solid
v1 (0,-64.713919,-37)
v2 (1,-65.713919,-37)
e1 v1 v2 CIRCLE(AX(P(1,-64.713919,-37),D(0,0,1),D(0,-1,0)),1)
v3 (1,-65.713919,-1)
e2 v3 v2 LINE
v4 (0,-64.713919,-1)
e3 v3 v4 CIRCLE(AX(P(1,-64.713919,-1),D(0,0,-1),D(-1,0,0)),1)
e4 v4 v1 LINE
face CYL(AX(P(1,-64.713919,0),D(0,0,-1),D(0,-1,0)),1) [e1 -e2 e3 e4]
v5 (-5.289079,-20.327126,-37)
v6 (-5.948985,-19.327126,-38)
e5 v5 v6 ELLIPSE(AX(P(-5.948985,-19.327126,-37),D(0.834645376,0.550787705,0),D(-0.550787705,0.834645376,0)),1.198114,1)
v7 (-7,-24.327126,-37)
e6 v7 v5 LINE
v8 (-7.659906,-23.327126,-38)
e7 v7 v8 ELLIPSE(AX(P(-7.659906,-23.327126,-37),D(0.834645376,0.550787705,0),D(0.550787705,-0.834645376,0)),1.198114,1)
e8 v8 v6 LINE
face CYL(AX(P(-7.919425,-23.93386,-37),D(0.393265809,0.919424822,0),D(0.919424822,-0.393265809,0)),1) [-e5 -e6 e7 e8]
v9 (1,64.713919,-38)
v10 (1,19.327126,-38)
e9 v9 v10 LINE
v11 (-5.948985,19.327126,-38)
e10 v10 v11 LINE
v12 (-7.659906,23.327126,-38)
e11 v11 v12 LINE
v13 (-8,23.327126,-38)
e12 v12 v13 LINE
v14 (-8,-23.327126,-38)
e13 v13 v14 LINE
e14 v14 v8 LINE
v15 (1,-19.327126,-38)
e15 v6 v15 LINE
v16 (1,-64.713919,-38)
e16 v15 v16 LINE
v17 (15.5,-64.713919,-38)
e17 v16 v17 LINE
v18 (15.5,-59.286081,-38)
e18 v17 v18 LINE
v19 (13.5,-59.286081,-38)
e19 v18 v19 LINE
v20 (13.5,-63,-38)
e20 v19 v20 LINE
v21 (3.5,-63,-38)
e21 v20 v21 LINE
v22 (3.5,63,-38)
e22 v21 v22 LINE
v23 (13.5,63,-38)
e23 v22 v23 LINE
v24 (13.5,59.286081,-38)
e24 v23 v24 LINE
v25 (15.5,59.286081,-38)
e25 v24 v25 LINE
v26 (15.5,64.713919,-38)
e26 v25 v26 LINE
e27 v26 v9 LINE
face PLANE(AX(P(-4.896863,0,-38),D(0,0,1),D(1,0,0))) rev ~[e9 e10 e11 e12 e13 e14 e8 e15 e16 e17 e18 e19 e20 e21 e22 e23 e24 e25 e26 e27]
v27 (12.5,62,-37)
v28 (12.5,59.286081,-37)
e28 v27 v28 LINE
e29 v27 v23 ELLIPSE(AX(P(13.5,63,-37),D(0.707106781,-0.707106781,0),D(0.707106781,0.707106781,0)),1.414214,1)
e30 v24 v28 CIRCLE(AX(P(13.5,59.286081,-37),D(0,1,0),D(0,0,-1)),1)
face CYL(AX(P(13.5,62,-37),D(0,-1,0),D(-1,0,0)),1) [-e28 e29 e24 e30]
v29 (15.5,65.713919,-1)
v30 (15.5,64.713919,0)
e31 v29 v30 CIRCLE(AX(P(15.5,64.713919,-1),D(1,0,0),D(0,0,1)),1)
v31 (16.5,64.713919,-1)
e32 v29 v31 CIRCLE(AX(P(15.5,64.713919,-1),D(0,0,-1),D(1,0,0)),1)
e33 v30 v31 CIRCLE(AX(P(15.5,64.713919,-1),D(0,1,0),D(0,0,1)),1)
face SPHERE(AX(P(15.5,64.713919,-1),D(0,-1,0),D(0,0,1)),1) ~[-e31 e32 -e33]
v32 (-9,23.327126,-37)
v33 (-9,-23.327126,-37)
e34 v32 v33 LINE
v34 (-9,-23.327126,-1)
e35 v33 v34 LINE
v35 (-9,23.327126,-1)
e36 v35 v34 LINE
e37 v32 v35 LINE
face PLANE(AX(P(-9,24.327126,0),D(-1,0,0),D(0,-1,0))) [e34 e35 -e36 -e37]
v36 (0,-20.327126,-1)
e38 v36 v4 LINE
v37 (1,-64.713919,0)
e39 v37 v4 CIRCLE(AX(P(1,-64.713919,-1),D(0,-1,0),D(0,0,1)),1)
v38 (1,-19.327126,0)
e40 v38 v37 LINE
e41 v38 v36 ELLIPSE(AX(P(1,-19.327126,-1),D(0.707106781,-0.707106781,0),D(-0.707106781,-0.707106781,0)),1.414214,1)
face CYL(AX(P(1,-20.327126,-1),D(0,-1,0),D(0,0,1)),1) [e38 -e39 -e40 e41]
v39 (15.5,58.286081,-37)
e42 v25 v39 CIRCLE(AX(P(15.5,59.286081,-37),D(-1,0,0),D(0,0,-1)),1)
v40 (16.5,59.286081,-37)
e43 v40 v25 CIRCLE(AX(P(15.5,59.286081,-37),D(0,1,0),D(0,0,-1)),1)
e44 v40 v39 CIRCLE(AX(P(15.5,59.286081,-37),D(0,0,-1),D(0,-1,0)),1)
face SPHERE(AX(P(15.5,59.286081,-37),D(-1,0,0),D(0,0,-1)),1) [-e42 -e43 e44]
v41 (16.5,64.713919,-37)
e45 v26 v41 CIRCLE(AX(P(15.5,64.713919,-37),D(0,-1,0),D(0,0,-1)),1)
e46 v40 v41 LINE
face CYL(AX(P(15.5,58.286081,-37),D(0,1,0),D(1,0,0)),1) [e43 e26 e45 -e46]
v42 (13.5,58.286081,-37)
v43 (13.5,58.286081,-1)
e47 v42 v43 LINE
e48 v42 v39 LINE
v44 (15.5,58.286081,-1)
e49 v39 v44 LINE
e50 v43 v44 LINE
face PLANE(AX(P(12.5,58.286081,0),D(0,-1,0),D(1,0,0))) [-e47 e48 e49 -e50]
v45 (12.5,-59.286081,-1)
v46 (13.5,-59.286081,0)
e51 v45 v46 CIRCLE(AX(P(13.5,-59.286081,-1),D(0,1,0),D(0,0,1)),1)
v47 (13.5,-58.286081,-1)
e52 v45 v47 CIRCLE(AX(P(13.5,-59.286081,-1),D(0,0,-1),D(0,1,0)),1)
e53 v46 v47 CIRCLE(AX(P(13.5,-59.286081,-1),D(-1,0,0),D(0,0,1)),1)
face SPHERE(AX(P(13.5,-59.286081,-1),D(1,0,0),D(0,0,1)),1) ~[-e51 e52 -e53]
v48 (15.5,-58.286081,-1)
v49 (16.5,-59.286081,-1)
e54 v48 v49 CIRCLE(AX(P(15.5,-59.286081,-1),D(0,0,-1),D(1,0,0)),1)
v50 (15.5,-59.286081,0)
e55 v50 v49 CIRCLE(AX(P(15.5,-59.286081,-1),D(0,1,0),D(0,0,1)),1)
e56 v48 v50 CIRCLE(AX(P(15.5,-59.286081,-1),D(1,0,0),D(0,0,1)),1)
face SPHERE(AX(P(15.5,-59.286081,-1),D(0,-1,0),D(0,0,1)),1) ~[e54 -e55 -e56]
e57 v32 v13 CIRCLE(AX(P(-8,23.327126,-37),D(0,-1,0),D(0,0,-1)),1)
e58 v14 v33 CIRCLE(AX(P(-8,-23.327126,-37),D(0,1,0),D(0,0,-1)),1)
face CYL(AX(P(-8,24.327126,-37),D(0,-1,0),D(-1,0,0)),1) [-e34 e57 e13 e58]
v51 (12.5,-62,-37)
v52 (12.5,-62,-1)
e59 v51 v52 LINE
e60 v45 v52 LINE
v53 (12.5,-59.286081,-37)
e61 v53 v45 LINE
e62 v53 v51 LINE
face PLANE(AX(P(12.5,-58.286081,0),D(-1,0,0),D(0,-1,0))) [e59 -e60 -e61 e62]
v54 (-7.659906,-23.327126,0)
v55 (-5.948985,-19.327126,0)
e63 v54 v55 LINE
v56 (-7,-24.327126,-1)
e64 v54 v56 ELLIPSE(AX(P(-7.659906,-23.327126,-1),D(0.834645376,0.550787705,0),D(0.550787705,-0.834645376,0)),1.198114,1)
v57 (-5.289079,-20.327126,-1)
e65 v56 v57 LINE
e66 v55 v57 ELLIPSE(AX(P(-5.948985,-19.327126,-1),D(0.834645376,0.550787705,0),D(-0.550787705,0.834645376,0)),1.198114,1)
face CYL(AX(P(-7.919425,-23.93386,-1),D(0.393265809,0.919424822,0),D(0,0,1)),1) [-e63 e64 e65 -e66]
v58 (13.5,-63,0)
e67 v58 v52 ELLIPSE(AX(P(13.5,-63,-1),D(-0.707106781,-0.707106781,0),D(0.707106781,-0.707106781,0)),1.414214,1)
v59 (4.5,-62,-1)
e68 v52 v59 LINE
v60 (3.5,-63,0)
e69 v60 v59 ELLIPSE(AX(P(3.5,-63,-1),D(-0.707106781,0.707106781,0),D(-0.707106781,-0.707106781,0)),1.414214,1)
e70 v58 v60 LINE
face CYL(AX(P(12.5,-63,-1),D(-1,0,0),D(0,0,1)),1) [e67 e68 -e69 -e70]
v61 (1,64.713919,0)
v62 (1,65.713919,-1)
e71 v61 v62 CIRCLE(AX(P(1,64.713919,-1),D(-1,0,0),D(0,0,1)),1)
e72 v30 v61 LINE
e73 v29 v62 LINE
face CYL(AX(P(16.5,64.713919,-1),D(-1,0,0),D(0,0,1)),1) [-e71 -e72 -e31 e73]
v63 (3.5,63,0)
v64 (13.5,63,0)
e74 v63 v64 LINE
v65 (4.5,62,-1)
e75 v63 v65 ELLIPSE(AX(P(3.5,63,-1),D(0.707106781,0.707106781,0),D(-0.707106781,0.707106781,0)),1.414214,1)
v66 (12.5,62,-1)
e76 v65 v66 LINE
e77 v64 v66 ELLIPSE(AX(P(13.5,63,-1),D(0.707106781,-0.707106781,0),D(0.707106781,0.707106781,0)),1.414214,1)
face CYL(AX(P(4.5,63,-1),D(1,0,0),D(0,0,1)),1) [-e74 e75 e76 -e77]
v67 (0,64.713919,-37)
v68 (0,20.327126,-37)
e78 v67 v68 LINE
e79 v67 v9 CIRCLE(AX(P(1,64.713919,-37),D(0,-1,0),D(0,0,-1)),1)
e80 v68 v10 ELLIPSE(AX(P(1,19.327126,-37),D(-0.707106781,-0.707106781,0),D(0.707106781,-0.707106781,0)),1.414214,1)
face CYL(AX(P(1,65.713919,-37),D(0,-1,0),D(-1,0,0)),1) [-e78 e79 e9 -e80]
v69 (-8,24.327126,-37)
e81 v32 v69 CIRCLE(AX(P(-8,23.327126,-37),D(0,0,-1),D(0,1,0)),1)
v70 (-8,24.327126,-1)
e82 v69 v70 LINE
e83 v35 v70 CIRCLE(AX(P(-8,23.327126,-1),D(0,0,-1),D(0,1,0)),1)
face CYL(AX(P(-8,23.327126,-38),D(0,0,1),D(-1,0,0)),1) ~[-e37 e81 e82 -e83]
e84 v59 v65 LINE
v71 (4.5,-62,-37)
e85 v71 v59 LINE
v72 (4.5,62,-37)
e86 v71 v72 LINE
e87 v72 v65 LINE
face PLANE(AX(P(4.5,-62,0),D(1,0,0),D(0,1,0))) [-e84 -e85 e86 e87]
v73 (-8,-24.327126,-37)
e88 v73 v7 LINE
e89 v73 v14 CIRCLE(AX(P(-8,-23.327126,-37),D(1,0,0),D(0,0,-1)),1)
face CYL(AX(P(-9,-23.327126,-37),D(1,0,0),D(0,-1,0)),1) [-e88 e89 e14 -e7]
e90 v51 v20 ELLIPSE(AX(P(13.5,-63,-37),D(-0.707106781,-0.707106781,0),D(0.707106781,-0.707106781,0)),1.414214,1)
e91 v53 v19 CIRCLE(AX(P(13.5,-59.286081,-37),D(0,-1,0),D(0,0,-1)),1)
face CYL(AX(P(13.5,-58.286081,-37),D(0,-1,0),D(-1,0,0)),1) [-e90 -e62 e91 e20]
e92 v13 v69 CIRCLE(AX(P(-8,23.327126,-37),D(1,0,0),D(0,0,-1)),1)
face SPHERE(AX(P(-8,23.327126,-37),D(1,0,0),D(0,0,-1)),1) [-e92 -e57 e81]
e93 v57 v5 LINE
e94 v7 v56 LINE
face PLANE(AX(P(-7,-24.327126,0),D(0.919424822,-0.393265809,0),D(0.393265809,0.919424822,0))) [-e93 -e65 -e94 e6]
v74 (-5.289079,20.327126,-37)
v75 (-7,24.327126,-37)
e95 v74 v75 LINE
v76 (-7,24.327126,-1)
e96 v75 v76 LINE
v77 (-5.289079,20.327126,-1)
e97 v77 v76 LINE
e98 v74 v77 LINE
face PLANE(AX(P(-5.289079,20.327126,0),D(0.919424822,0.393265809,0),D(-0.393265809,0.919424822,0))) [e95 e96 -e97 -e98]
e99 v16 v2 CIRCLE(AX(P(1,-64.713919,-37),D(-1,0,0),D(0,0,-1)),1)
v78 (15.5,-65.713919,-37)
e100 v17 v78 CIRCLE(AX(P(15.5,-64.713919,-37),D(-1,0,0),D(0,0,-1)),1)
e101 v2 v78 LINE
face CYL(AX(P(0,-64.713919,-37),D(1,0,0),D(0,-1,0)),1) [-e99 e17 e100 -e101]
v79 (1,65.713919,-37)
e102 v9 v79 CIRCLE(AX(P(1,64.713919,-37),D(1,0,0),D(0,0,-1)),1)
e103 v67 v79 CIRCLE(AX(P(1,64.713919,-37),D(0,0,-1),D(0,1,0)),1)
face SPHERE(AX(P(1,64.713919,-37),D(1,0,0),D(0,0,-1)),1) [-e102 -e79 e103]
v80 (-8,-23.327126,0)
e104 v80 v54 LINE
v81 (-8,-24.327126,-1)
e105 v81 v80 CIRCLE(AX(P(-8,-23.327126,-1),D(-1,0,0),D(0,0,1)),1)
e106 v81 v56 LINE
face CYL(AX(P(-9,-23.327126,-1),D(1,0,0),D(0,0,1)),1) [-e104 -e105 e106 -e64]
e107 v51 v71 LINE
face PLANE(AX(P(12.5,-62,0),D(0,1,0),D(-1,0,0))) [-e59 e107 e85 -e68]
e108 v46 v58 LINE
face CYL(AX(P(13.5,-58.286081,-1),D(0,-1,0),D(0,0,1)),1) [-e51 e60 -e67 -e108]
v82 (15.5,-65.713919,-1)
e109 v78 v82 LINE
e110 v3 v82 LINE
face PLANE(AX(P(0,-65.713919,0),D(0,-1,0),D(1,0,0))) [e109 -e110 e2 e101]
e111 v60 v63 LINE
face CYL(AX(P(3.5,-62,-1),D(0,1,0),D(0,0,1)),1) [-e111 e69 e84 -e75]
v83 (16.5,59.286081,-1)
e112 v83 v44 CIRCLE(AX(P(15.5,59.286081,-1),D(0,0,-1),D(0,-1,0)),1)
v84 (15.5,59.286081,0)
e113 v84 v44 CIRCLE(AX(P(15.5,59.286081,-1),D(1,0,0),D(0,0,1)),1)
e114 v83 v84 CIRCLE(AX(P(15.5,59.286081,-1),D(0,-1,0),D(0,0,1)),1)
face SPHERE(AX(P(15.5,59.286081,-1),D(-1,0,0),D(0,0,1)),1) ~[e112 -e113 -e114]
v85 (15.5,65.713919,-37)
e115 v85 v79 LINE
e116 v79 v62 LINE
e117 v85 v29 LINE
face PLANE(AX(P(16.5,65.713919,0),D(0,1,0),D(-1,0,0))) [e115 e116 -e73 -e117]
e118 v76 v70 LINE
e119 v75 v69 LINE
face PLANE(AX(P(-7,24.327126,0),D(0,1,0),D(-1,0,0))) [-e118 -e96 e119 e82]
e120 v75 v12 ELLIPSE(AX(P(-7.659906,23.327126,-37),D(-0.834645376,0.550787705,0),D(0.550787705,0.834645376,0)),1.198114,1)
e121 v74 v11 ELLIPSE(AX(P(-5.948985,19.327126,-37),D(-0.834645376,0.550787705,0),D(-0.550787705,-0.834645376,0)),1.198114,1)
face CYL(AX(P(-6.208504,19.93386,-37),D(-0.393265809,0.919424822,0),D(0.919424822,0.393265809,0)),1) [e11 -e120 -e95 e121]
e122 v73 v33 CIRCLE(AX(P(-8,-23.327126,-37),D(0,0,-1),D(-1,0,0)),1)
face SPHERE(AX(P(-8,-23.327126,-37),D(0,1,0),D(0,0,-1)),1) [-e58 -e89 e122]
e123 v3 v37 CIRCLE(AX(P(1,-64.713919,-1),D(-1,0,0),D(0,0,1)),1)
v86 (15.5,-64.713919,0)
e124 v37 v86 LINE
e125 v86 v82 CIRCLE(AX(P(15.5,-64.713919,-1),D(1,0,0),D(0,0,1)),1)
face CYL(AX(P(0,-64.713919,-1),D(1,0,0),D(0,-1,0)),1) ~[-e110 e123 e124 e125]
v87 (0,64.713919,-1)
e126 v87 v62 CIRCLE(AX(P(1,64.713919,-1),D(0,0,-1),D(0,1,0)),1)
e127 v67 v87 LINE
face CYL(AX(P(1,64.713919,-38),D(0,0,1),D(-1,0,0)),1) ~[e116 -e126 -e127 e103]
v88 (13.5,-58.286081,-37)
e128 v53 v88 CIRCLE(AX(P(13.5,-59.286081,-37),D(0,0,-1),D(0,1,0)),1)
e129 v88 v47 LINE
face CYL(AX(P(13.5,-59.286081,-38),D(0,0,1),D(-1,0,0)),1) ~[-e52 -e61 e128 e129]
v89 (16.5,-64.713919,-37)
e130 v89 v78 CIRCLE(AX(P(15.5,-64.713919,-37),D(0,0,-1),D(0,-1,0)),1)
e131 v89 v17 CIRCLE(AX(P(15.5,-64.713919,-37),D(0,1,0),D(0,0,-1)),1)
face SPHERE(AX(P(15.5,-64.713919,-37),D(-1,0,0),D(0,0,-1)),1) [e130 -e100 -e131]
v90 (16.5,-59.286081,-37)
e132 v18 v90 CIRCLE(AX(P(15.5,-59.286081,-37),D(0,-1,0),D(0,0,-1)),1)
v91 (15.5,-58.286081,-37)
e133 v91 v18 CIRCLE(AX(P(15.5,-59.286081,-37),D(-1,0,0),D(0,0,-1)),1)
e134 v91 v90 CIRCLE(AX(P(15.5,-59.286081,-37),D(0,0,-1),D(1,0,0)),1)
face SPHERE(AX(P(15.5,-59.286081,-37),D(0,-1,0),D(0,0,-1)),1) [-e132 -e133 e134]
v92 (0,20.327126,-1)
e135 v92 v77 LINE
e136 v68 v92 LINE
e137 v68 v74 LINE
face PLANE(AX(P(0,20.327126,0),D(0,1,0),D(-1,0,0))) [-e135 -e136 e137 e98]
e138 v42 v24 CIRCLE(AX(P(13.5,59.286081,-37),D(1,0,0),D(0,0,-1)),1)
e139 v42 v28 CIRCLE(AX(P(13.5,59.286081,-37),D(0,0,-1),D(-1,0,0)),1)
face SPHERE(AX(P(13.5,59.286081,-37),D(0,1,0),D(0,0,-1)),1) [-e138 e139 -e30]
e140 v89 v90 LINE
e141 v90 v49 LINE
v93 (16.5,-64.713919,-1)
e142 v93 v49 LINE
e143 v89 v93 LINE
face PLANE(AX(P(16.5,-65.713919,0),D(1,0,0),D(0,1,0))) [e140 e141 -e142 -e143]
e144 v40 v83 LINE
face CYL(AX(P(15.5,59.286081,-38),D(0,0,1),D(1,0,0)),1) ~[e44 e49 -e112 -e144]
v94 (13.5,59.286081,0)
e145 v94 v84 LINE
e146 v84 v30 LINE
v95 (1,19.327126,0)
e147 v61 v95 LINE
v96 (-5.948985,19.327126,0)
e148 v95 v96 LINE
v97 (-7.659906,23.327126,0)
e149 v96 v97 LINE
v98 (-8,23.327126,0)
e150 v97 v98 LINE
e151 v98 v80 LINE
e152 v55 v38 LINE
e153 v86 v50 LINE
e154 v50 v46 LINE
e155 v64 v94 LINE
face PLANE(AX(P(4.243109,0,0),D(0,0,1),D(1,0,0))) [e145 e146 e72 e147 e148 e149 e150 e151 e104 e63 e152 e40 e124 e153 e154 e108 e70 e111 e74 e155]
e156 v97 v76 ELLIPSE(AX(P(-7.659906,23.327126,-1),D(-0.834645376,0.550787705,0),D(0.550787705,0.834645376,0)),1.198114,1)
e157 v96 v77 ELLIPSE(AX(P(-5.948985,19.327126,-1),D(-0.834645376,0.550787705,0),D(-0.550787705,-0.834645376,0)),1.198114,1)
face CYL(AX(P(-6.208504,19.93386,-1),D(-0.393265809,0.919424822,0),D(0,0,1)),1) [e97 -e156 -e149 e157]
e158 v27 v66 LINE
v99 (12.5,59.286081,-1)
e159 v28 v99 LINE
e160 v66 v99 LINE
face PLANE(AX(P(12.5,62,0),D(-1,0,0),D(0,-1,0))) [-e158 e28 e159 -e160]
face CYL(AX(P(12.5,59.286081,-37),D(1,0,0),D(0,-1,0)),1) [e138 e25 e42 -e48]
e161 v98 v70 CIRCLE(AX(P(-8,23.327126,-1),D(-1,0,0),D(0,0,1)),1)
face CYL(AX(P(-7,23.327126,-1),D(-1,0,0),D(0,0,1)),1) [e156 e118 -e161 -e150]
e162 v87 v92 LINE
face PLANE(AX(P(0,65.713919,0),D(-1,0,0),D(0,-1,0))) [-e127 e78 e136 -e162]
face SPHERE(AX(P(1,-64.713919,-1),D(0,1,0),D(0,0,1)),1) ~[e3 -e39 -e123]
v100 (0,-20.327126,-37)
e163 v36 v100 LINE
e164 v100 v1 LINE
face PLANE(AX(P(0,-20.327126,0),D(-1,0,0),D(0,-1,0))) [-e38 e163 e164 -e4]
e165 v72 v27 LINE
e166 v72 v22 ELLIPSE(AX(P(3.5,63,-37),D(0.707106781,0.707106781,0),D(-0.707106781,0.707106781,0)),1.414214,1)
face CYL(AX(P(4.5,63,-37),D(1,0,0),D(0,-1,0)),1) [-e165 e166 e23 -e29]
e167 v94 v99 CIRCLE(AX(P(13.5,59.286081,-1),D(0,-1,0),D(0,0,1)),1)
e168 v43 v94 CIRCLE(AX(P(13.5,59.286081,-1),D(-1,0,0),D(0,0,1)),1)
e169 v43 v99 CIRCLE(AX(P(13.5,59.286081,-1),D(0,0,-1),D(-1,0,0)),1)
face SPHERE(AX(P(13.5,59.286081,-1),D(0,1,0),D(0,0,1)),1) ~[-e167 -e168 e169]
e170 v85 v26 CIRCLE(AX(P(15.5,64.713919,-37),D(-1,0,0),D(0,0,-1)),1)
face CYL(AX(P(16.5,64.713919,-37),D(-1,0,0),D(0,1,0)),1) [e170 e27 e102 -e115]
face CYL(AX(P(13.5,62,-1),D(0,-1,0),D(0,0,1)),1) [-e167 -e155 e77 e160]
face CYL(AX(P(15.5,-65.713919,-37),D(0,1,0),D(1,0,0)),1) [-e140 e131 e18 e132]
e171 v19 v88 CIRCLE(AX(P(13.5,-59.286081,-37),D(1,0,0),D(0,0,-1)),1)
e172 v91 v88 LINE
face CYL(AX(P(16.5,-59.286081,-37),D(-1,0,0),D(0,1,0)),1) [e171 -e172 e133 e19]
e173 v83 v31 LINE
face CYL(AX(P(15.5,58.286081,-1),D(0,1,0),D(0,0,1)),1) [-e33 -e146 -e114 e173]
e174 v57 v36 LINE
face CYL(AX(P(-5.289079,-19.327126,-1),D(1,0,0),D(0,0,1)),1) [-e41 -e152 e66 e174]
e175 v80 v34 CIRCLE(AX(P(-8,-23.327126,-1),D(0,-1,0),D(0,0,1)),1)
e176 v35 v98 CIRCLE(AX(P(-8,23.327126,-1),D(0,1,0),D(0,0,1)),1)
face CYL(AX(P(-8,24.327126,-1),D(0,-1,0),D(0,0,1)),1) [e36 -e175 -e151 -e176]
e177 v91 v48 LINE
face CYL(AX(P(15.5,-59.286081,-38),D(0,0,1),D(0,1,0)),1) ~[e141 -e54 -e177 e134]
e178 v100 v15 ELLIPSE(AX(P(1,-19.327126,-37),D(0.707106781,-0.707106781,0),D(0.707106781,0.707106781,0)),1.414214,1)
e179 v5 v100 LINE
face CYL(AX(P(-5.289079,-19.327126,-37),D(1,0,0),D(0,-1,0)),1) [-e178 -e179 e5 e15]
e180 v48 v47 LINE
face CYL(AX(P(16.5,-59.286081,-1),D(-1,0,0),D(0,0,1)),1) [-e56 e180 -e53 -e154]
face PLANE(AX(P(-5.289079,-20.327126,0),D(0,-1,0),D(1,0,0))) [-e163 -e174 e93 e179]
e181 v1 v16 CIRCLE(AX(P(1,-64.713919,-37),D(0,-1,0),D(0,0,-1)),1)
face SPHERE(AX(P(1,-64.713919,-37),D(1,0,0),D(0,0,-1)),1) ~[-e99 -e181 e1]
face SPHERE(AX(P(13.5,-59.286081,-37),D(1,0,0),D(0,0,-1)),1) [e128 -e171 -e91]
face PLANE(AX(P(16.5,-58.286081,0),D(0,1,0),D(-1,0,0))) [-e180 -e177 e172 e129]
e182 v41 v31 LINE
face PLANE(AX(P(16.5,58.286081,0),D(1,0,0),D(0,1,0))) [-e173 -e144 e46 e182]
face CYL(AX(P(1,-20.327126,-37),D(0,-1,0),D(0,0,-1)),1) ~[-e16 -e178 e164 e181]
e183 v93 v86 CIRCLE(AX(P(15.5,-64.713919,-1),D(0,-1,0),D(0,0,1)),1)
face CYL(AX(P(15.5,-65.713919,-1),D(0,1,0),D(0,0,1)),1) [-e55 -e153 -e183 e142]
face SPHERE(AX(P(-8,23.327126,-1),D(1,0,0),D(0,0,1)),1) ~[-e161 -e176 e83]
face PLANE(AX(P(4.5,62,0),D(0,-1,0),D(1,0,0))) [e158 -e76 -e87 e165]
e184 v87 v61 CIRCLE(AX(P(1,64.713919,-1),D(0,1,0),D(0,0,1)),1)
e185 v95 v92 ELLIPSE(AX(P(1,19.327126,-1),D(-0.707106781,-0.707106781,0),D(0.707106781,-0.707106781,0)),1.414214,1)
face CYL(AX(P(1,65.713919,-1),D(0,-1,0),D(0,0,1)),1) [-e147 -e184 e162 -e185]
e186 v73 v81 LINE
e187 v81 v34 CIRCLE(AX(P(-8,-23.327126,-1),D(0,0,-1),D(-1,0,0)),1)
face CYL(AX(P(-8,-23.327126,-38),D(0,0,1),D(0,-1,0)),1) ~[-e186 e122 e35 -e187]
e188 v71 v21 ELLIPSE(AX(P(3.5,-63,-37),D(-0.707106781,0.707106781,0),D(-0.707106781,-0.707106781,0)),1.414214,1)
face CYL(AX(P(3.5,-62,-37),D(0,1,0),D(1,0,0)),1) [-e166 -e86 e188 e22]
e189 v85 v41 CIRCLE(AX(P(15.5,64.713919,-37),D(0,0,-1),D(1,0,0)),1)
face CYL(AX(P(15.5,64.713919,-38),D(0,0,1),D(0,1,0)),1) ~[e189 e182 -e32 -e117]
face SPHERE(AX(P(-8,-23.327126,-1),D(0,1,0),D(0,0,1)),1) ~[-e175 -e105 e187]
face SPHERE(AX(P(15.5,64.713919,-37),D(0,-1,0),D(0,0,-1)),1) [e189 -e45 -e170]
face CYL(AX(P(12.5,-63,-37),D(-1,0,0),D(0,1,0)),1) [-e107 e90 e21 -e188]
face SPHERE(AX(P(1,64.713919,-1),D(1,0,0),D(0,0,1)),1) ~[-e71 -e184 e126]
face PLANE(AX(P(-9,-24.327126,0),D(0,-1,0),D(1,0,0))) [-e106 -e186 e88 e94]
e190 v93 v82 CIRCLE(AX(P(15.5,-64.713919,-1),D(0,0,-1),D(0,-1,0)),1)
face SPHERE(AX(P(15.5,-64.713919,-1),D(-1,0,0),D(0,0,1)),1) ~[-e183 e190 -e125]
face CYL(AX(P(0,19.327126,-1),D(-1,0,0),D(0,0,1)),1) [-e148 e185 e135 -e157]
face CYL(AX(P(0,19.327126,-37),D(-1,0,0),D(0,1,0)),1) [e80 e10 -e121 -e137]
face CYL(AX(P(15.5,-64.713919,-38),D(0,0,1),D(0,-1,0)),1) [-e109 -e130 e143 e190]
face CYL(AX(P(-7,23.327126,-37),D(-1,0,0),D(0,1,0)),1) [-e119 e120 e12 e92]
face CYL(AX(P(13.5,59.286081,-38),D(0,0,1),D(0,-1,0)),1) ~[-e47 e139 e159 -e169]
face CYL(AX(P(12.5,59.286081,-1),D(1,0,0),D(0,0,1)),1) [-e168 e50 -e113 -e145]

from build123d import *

# Parameters (mm, degrees)
F1_DEPTH = 4
F2_DEPTH = 38
F3_R     = 1


with BuildPart() as f1:
    # F0 (on Top) → F1 (new body)
    with BuildSketch(Plane.XY):
        Polygon((0, 20.327126), (0, 0), (0, -20.327126), (0, -65.713919), (12.5, -65.713919), (16.5, -65.713919), (16.5, -62), (16.5, -58.286081), (12.5, -58.286081), (12.5, -62), (4.5, -62), (4.5, 0), (4.5, 62), (12.5, 62), (12.5, 58.286081), (16.5, 58.286081), (16.5, 62), (16.5, 65.713919), (12.5, 65.713919), (0, 65.713919), align=None)
        Polygon((0, -20.327126), (0, 0), (0, 20.327126), (-5.289079, 20.327126), (-7, 24.327126), (-9, 24.327126), (-9, 0), (-9, -24.327126), (-7, -24.327126), (-5.289079, -20.327126), align=None)
    extrude(amount=-F1_DEPTH)

    # F0 (on Top) → F2 (join)
    with BuildSketch(Plane.XY):
        Polygon((0, -20.327126), (0, 0), (0, 20.327126), (-5.289079, 20.327126), (-7, 24.327126), (-9, 24.327126), (-9, 0), (-9, -24.327126), (-7, -24.327126), (-5.289079, -20.327126), align=None)
        Polygon((0, 20.327126), (0, 0), (0, -20.327126), (0, -65.713919), (12.5, -65.713919), (16.5, -65.713919), (16.5, -62), (16.5, -58.286081), (12.5, -58.286081), (12.5, -62), (4.5, -62), (4.5, 0), (4.5, 62), (12.5, 62), (12.5, 58.286081), (16.5, 58.286081), (16.5, 62), (16.5, 65.713919), (12.5, 65.713919), (0, 65.713919), align=None)
    extrude(amount=-F2_DEPTH)

    # F3
    f3_edges = [f1.edges().sort_by_distance(p)[0] for p in [
        (0, -43.020523, 0),
        (8.25, -65.713919, 0),
        (16.5, -62, 0),
        (14.5, -58.286081, 0),
        (12.5, -60.143041, 0),
        (8.5, -62, 0),
        (4.5, 0, 0),
        (8.5, 62, 0),
        (12.5, 60.143041, 0),
        (14.5, 58.286081, 0),
        (16.5, 62, 0),
        (8.25, 65.713919, 0),
        (0, 43.020523, 0),
        (-2.64454, 20.327126, 0),
        (-6.14454, 22.327126, 0),
        (-8, 24.327126, 0),
        (-9, 0, 0),
        (-8, -24.327126, 0),
        (-6.14454, -22.327126, 0),
        (-2.64454, -20.327126, 0),
        (8.25, -65.713919, -38),
        (16.5, -62, -38),
        (14.5, -58.286081, -38),
        (12.5, -60.143041, -38),
        (8.5, -62, -38),
        (4.5, 0, -38),
        (8.5, 62, -38),
        (12.5, 60.143041, -38),
        (14.5, 58.286081, -38),
        (16.5, 62, -38),
        (8.25, 65.713919, -38),
        (0, 43.020523, -38),
        (-2.64454, 20.327126, -38),
        (-6.14454, 22.327126, -38),
        (-8, 24.327126, -38),
        (-9, 0, -38),
        (-8, -24.327126, -38),
        (-6.14454, -22.327126, -38),
        (-2.64454, -20.327126, -38),
        (0, -43.020523, -38),
        (16.5, -58.286081, -19),
        (12.5, -58.286081, -19),
        (12.5, 58.286081, -19),
        (16.5, 58.286081, -19),
        (-9, 24.327126, -19),
        (-9, -24.327126, -19),
        (16.5, 65.713919, -19),
        (0, 65.713919, -19),
        (0, -65.713919, -19),
        (16.5, -65.713919, -19),
    ]]
    fillet(f3_edges, radius=F3_R)


solid = f1.part
